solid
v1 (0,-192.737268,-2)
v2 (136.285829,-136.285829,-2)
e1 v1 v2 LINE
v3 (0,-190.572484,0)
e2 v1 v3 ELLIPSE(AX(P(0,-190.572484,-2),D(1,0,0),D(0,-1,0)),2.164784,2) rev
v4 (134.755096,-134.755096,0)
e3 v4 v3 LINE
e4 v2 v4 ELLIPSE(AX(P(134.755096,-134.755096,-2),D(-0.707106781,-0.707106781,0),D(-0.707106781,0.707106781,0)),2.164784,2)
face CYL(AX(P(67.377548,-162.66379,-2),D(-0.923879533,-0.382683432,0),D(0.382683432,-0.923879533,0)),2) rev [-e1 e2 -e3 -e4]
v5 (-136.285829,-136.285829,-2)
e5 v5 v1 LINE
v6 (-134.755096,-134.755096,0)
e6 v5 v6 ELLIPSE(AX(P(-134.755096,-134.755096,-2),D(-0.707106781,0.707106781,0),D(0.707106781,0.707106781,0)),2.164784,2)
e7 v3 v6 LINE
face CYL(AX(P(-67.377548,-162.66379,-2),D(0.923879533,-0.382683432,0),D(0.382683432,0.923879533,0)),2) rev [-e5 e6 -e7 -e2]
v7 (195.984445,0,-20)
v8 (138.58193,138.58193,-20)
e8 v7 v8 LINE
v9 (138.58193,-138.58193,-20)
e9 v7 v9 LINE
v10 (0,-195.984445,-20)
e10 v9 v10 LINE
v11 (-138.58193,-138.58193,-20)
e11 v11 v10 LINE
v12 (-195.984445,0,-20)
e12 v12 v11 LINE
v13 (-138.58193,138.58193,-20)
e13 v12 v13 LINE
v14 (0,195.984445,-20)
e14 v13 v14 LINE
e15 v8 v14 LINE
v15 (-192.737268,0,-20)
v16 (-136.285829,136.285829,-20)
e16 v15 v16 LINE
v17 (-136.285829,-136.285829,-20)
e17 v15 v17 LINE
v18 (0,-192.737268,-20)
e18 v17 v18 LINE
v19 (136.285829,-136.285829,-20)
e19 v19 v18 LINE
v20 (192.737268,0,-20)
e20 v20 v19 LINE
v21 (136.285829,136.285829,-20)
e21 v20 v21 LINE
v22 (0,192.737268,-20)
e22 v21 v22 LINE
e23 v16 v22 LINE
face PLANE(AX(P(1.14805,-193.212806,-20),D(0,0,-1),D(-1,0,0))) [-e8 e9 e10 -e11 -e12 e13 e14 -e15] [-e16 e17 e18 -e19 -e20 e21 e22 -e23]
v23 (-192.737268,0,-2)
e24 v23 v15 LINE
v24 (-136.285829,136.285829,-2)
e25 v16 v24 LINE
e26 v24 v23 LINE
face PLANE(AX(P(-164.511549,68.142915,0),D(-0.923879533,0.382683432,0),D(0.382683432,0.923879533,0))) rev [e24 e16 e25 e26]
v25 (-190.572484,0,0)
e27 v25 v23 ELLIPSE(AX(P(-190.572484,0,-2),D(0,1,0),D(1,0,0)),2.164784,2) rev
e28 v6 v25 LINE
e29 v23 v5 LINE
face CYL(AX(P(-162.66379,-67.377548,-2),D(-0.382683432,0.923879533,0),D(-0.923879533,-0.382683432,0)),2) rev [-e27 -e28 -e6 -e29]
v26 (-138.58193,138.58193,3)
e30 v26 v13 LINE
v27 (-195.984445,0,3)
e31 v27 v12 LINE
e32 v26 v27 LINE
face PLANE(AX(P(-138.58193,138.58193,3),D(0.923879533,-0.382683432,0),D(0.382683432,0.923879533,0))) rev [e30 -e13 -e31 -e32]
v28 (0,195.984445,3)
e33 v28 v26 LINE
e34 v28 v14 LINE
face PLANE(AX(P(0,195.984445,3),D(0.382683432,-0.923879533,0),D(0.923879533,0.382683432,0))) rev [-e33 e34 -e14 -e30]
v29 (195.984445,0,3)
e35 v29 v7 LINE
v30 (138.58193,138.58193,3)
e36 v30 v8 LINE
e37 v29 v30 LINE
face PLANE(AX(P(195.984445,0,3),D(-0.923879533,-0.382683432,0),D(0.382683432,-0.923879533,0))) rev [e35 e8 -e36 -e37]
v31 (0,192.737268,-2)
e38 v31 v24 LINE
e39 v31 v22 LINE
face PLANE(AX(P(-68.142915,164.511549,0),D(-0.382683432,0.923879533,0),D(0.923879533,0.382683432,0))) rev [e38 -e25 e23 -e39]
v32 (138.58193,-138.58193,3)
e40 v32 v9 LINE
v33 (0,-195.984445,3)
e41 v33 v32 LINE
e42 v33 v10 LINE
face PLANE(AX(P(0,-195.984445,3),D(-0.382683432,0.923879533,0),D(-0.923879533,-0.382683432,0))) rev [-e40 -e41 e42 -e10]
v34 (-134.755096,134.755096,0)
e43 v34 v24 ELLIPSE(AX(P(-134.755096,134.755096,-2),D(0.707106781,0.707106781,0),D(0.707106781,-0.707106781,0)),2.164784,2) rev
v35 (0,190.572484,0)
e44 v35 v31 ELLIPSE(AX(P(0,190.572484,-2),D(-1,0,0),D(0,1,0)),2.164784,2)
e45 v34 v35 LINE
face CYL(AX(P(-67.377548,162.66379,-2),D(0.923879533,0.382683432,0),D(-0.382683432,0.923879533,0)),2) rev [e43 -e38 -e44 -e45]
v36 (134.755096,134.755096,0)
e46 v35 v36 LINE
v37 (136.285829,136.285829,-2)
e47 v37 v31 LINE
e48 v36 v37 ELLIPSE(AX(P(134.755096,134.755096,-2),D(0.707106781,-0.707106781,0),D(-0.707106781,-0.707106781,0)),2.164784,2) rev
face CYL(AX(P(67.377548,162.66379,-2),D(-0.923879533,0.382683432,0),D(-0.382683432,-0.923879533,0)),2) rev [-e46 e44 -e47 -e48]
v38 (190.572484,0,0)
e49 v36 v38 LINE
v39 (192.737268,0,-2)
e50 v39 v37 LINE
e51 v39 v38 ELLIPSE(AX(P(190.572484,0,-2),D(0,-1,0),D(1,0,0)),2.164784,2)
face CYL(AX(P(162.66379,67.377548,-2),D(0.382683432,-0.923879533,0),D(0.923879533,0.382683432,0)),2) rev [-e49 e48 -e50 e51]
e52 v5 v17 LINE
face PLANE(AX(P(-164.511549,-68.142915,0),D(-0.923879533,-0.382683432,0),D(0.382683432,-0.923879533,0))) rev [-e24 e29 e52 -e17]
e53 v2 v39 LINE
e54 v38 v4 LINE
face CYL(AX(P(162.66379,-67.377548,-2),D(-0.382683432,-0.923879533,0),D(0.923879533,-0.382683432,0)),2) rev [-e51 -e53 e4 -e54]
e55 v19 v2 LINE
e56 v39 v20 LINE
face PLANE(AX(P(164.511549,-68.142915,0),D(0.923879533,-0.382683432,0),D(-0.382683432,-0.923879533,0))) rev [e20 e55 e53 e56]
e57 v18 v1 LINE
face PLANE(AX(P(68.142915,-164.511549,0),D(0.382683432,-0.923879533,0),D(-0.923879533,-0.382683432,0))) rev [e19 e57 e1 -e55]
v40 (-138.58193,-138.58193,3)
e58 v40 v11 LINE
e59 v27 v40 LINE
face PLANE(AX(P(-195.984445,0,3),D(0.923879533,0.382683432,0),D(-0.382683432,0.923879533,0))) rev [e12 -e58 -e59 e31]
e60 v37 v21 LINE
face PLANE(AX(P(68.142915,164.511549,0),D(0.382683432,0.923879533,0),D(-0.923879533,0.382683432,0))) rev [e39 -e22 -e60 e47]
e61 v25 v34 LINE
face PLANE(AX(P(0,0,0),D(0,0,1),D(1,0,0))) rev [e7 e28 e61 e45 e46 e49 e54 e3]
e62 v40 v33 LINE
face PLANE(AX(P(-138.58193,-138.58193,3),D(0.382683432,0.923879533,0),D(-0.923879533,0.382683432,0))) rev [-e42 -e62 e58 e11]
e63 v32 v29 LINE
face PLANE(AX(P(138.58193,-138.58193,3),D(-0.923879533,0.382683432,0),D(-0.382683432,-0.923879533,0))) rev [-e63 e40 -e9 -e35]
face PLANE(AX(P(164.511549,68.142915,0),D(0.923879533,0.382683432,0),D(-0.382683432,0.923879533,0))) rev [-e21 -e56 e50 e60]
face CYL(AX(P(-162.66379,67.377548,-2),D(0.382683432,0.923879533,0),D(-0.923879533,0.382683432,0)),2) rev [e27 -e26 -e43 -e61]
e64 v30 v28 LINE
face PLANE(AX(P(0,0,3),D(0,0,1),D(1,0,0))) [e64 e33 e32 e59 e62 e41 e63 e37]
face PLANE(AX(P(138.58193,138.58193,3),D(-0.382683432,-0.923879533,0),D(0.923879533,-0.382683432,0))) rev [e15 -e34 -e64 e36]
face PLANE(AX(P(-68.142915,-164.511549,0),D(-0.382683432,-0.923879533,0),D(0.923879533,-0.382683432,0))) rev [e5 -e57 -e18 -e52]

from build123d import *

# Parameters (mm, degrees)
BOSS_EXTRUDE1_DEPTH     = 3
SKETCH5_W               = 150
SKETCH5_H               = 20
BOSS_EXTRUDE2_DEPTH     = 3
MIRROR2_COPY_1_SKETCH_W = 150
MIRROR2_COPY_1_SKETCH_H = 20
MIRROR2_COPY_1_DEPTH    = 3
SKETCH6_W               = 23
SKETCH6_H               = 150
BOSS_EXTRUDE3_DEPTH     = 3
MIRROR4_COPY_1_SKETCH_W = 23
MIRROR4_COPY_1_SKETCH_H = 150
MIRROR4_COPY_1_DEPTH    = 3
MIRROR4_COPY_2_SKETCH_W = 23
MIRROR4_COPY_2_SKETCH_H = 150
MIRROR4_COPY_2_DEPTH    = 3
FILLET1_R               = 2


with BuildPart() as part:
    # Sketch1 → Boss-Extrude1 (new body)
    with BuildSketch(Plane.XY):
        Polygon((0, 195.984444731), (-138.581929877, 138.581929877), (-195.984444731, 0), (-138.581929877, -138.581929877), (0, -195.984444731), (138.581929877, -138.581929877), (195.984444731, 0), (138.581929877, 138.581929877), align=None)
    boss_extrude1 = extrude(amount=BOSS_EXTRUDE1_DEPTH)

    # Sketch5 → Boss-Extrude2 (add)
    with BuildSketch(Plane(origin=(-69.290964938, -167.283187304, 0), x_dir=(0.923879533, -0.382683432, 0), z_dir=(-0.382683432, -0.923879533, 0))):
        with Locations((0, -10)):
            Rectangle(SKETCH5_W, SKETCH5_H)
    boss_extrude2 = extrude(amount=-BOSS_EXTRUDE2_DEPTH)

    # Mirror1: Boss-Extrude2 across plane
    add(boss_extrude2.mirror(Plane.ZX))

    # Mirror2: Boss-Extrude2 across plane
    add(boss_extrude2.mirror(Plane(origin=(0, 0, 0), x_dir=(0, 0, 1), z_dir=(1, 0, 0))))

    # Mirror2 copy 1 sketch → Mirror2 copy 1 (add)
    with BuildSketch(Plane(origin=(69.290964938, 167.283187304, 0), x_dir=(-0.923879533, 0.382683432, 0), z_dir=(0.382683432, 0.923879533, 0))):
        with Locations((0, -10)):
            Rectangle(MIRROR2_COPY_1_SKETCH_W, MIRROR2_COPY_1_SKETCH_H)
    extrude(amount=-MIRROR2_COPY_1_DEPTH)

    # Sketch6 → Boss-Extrude3 (add)
    with BuildSketch(Plane(origin=(-167.283187304, -69.290964938, 0), x_dir=(0, 0, 1), z_dir=(-0.923879533, -0.382683432, 0))):
        with Locations((-8.5, 0)):
            Rectangle(SKETCH6_W, SKETCH6_H)
    boss_extrude3 = extrude(amount=-BOSS_EXTRUDE3_DEPTH)

    # Mirror3: Boss-Extrude3 across plane
    add(boss_extrude3.mirror(Plane.ZX))

    # Mirror4: Boss-Extrude1 across plane
    add(boss_extrude1.mirror(Plane(origin=(0, 0, 0), x_dir=(0, 0, 1), z_dir=(1, 0, 0))))

    # Mirror4 copy 1 sketch → Mirror4 copy 1 (add)
    with BuildSketch(Plane(origin=(167.283187304, 69.290964938, 0), x_dir=(0, 0, 1), z_dir=(0.923879533, 0.382683432, 0))):
        with Locations((-8.5, 0)):
            Rectangle(MIRROR4_COPY_1_SKETCH_W, MIRROR4_COPY_1_SKETCH_H)
    extrude(amount=-MIRROR4_COPY_1_DEPTH)

    # Mirror4 copy 2 sketch → Mirror4 copy 2 (add)
    with BuildSketch(Plane(origin=(167.283187304, -69.290964938, 0), x_dir=(0, 0, 1), z_dir=(0.923879533, -0.382683432, 0))):
        with Locations((-8.5, 0)):
            Rectangle(MIRROR4_COPY_2_SKETCH_W, MIRROR4_COPY_2_SKETCH_H)
    extrude(amount=-MIRROR4_COPY_2_DEPTH)

    # Fillet1
    fillet1_edges = [part.edges().sort_by_distance(p)[0] for p in [
        (-164.511548707, -68.142914641, 0),
        (-164.511548707, 68.142914641, 0),
        (164.511548707, 68.142914641, 0),
        (164.511548707, -68.142914641, 0),
        (-68.142914641, 164.511548707, 0),
        (68.142914641, 164.511548707, 0),
        (-68.142914641, -164.511548707, 0),
        (68.142914641, -164.511548707, 0),
    ]]
    fillet(fillet1_edges, radius=FILLET1_R)


solid = part.part
